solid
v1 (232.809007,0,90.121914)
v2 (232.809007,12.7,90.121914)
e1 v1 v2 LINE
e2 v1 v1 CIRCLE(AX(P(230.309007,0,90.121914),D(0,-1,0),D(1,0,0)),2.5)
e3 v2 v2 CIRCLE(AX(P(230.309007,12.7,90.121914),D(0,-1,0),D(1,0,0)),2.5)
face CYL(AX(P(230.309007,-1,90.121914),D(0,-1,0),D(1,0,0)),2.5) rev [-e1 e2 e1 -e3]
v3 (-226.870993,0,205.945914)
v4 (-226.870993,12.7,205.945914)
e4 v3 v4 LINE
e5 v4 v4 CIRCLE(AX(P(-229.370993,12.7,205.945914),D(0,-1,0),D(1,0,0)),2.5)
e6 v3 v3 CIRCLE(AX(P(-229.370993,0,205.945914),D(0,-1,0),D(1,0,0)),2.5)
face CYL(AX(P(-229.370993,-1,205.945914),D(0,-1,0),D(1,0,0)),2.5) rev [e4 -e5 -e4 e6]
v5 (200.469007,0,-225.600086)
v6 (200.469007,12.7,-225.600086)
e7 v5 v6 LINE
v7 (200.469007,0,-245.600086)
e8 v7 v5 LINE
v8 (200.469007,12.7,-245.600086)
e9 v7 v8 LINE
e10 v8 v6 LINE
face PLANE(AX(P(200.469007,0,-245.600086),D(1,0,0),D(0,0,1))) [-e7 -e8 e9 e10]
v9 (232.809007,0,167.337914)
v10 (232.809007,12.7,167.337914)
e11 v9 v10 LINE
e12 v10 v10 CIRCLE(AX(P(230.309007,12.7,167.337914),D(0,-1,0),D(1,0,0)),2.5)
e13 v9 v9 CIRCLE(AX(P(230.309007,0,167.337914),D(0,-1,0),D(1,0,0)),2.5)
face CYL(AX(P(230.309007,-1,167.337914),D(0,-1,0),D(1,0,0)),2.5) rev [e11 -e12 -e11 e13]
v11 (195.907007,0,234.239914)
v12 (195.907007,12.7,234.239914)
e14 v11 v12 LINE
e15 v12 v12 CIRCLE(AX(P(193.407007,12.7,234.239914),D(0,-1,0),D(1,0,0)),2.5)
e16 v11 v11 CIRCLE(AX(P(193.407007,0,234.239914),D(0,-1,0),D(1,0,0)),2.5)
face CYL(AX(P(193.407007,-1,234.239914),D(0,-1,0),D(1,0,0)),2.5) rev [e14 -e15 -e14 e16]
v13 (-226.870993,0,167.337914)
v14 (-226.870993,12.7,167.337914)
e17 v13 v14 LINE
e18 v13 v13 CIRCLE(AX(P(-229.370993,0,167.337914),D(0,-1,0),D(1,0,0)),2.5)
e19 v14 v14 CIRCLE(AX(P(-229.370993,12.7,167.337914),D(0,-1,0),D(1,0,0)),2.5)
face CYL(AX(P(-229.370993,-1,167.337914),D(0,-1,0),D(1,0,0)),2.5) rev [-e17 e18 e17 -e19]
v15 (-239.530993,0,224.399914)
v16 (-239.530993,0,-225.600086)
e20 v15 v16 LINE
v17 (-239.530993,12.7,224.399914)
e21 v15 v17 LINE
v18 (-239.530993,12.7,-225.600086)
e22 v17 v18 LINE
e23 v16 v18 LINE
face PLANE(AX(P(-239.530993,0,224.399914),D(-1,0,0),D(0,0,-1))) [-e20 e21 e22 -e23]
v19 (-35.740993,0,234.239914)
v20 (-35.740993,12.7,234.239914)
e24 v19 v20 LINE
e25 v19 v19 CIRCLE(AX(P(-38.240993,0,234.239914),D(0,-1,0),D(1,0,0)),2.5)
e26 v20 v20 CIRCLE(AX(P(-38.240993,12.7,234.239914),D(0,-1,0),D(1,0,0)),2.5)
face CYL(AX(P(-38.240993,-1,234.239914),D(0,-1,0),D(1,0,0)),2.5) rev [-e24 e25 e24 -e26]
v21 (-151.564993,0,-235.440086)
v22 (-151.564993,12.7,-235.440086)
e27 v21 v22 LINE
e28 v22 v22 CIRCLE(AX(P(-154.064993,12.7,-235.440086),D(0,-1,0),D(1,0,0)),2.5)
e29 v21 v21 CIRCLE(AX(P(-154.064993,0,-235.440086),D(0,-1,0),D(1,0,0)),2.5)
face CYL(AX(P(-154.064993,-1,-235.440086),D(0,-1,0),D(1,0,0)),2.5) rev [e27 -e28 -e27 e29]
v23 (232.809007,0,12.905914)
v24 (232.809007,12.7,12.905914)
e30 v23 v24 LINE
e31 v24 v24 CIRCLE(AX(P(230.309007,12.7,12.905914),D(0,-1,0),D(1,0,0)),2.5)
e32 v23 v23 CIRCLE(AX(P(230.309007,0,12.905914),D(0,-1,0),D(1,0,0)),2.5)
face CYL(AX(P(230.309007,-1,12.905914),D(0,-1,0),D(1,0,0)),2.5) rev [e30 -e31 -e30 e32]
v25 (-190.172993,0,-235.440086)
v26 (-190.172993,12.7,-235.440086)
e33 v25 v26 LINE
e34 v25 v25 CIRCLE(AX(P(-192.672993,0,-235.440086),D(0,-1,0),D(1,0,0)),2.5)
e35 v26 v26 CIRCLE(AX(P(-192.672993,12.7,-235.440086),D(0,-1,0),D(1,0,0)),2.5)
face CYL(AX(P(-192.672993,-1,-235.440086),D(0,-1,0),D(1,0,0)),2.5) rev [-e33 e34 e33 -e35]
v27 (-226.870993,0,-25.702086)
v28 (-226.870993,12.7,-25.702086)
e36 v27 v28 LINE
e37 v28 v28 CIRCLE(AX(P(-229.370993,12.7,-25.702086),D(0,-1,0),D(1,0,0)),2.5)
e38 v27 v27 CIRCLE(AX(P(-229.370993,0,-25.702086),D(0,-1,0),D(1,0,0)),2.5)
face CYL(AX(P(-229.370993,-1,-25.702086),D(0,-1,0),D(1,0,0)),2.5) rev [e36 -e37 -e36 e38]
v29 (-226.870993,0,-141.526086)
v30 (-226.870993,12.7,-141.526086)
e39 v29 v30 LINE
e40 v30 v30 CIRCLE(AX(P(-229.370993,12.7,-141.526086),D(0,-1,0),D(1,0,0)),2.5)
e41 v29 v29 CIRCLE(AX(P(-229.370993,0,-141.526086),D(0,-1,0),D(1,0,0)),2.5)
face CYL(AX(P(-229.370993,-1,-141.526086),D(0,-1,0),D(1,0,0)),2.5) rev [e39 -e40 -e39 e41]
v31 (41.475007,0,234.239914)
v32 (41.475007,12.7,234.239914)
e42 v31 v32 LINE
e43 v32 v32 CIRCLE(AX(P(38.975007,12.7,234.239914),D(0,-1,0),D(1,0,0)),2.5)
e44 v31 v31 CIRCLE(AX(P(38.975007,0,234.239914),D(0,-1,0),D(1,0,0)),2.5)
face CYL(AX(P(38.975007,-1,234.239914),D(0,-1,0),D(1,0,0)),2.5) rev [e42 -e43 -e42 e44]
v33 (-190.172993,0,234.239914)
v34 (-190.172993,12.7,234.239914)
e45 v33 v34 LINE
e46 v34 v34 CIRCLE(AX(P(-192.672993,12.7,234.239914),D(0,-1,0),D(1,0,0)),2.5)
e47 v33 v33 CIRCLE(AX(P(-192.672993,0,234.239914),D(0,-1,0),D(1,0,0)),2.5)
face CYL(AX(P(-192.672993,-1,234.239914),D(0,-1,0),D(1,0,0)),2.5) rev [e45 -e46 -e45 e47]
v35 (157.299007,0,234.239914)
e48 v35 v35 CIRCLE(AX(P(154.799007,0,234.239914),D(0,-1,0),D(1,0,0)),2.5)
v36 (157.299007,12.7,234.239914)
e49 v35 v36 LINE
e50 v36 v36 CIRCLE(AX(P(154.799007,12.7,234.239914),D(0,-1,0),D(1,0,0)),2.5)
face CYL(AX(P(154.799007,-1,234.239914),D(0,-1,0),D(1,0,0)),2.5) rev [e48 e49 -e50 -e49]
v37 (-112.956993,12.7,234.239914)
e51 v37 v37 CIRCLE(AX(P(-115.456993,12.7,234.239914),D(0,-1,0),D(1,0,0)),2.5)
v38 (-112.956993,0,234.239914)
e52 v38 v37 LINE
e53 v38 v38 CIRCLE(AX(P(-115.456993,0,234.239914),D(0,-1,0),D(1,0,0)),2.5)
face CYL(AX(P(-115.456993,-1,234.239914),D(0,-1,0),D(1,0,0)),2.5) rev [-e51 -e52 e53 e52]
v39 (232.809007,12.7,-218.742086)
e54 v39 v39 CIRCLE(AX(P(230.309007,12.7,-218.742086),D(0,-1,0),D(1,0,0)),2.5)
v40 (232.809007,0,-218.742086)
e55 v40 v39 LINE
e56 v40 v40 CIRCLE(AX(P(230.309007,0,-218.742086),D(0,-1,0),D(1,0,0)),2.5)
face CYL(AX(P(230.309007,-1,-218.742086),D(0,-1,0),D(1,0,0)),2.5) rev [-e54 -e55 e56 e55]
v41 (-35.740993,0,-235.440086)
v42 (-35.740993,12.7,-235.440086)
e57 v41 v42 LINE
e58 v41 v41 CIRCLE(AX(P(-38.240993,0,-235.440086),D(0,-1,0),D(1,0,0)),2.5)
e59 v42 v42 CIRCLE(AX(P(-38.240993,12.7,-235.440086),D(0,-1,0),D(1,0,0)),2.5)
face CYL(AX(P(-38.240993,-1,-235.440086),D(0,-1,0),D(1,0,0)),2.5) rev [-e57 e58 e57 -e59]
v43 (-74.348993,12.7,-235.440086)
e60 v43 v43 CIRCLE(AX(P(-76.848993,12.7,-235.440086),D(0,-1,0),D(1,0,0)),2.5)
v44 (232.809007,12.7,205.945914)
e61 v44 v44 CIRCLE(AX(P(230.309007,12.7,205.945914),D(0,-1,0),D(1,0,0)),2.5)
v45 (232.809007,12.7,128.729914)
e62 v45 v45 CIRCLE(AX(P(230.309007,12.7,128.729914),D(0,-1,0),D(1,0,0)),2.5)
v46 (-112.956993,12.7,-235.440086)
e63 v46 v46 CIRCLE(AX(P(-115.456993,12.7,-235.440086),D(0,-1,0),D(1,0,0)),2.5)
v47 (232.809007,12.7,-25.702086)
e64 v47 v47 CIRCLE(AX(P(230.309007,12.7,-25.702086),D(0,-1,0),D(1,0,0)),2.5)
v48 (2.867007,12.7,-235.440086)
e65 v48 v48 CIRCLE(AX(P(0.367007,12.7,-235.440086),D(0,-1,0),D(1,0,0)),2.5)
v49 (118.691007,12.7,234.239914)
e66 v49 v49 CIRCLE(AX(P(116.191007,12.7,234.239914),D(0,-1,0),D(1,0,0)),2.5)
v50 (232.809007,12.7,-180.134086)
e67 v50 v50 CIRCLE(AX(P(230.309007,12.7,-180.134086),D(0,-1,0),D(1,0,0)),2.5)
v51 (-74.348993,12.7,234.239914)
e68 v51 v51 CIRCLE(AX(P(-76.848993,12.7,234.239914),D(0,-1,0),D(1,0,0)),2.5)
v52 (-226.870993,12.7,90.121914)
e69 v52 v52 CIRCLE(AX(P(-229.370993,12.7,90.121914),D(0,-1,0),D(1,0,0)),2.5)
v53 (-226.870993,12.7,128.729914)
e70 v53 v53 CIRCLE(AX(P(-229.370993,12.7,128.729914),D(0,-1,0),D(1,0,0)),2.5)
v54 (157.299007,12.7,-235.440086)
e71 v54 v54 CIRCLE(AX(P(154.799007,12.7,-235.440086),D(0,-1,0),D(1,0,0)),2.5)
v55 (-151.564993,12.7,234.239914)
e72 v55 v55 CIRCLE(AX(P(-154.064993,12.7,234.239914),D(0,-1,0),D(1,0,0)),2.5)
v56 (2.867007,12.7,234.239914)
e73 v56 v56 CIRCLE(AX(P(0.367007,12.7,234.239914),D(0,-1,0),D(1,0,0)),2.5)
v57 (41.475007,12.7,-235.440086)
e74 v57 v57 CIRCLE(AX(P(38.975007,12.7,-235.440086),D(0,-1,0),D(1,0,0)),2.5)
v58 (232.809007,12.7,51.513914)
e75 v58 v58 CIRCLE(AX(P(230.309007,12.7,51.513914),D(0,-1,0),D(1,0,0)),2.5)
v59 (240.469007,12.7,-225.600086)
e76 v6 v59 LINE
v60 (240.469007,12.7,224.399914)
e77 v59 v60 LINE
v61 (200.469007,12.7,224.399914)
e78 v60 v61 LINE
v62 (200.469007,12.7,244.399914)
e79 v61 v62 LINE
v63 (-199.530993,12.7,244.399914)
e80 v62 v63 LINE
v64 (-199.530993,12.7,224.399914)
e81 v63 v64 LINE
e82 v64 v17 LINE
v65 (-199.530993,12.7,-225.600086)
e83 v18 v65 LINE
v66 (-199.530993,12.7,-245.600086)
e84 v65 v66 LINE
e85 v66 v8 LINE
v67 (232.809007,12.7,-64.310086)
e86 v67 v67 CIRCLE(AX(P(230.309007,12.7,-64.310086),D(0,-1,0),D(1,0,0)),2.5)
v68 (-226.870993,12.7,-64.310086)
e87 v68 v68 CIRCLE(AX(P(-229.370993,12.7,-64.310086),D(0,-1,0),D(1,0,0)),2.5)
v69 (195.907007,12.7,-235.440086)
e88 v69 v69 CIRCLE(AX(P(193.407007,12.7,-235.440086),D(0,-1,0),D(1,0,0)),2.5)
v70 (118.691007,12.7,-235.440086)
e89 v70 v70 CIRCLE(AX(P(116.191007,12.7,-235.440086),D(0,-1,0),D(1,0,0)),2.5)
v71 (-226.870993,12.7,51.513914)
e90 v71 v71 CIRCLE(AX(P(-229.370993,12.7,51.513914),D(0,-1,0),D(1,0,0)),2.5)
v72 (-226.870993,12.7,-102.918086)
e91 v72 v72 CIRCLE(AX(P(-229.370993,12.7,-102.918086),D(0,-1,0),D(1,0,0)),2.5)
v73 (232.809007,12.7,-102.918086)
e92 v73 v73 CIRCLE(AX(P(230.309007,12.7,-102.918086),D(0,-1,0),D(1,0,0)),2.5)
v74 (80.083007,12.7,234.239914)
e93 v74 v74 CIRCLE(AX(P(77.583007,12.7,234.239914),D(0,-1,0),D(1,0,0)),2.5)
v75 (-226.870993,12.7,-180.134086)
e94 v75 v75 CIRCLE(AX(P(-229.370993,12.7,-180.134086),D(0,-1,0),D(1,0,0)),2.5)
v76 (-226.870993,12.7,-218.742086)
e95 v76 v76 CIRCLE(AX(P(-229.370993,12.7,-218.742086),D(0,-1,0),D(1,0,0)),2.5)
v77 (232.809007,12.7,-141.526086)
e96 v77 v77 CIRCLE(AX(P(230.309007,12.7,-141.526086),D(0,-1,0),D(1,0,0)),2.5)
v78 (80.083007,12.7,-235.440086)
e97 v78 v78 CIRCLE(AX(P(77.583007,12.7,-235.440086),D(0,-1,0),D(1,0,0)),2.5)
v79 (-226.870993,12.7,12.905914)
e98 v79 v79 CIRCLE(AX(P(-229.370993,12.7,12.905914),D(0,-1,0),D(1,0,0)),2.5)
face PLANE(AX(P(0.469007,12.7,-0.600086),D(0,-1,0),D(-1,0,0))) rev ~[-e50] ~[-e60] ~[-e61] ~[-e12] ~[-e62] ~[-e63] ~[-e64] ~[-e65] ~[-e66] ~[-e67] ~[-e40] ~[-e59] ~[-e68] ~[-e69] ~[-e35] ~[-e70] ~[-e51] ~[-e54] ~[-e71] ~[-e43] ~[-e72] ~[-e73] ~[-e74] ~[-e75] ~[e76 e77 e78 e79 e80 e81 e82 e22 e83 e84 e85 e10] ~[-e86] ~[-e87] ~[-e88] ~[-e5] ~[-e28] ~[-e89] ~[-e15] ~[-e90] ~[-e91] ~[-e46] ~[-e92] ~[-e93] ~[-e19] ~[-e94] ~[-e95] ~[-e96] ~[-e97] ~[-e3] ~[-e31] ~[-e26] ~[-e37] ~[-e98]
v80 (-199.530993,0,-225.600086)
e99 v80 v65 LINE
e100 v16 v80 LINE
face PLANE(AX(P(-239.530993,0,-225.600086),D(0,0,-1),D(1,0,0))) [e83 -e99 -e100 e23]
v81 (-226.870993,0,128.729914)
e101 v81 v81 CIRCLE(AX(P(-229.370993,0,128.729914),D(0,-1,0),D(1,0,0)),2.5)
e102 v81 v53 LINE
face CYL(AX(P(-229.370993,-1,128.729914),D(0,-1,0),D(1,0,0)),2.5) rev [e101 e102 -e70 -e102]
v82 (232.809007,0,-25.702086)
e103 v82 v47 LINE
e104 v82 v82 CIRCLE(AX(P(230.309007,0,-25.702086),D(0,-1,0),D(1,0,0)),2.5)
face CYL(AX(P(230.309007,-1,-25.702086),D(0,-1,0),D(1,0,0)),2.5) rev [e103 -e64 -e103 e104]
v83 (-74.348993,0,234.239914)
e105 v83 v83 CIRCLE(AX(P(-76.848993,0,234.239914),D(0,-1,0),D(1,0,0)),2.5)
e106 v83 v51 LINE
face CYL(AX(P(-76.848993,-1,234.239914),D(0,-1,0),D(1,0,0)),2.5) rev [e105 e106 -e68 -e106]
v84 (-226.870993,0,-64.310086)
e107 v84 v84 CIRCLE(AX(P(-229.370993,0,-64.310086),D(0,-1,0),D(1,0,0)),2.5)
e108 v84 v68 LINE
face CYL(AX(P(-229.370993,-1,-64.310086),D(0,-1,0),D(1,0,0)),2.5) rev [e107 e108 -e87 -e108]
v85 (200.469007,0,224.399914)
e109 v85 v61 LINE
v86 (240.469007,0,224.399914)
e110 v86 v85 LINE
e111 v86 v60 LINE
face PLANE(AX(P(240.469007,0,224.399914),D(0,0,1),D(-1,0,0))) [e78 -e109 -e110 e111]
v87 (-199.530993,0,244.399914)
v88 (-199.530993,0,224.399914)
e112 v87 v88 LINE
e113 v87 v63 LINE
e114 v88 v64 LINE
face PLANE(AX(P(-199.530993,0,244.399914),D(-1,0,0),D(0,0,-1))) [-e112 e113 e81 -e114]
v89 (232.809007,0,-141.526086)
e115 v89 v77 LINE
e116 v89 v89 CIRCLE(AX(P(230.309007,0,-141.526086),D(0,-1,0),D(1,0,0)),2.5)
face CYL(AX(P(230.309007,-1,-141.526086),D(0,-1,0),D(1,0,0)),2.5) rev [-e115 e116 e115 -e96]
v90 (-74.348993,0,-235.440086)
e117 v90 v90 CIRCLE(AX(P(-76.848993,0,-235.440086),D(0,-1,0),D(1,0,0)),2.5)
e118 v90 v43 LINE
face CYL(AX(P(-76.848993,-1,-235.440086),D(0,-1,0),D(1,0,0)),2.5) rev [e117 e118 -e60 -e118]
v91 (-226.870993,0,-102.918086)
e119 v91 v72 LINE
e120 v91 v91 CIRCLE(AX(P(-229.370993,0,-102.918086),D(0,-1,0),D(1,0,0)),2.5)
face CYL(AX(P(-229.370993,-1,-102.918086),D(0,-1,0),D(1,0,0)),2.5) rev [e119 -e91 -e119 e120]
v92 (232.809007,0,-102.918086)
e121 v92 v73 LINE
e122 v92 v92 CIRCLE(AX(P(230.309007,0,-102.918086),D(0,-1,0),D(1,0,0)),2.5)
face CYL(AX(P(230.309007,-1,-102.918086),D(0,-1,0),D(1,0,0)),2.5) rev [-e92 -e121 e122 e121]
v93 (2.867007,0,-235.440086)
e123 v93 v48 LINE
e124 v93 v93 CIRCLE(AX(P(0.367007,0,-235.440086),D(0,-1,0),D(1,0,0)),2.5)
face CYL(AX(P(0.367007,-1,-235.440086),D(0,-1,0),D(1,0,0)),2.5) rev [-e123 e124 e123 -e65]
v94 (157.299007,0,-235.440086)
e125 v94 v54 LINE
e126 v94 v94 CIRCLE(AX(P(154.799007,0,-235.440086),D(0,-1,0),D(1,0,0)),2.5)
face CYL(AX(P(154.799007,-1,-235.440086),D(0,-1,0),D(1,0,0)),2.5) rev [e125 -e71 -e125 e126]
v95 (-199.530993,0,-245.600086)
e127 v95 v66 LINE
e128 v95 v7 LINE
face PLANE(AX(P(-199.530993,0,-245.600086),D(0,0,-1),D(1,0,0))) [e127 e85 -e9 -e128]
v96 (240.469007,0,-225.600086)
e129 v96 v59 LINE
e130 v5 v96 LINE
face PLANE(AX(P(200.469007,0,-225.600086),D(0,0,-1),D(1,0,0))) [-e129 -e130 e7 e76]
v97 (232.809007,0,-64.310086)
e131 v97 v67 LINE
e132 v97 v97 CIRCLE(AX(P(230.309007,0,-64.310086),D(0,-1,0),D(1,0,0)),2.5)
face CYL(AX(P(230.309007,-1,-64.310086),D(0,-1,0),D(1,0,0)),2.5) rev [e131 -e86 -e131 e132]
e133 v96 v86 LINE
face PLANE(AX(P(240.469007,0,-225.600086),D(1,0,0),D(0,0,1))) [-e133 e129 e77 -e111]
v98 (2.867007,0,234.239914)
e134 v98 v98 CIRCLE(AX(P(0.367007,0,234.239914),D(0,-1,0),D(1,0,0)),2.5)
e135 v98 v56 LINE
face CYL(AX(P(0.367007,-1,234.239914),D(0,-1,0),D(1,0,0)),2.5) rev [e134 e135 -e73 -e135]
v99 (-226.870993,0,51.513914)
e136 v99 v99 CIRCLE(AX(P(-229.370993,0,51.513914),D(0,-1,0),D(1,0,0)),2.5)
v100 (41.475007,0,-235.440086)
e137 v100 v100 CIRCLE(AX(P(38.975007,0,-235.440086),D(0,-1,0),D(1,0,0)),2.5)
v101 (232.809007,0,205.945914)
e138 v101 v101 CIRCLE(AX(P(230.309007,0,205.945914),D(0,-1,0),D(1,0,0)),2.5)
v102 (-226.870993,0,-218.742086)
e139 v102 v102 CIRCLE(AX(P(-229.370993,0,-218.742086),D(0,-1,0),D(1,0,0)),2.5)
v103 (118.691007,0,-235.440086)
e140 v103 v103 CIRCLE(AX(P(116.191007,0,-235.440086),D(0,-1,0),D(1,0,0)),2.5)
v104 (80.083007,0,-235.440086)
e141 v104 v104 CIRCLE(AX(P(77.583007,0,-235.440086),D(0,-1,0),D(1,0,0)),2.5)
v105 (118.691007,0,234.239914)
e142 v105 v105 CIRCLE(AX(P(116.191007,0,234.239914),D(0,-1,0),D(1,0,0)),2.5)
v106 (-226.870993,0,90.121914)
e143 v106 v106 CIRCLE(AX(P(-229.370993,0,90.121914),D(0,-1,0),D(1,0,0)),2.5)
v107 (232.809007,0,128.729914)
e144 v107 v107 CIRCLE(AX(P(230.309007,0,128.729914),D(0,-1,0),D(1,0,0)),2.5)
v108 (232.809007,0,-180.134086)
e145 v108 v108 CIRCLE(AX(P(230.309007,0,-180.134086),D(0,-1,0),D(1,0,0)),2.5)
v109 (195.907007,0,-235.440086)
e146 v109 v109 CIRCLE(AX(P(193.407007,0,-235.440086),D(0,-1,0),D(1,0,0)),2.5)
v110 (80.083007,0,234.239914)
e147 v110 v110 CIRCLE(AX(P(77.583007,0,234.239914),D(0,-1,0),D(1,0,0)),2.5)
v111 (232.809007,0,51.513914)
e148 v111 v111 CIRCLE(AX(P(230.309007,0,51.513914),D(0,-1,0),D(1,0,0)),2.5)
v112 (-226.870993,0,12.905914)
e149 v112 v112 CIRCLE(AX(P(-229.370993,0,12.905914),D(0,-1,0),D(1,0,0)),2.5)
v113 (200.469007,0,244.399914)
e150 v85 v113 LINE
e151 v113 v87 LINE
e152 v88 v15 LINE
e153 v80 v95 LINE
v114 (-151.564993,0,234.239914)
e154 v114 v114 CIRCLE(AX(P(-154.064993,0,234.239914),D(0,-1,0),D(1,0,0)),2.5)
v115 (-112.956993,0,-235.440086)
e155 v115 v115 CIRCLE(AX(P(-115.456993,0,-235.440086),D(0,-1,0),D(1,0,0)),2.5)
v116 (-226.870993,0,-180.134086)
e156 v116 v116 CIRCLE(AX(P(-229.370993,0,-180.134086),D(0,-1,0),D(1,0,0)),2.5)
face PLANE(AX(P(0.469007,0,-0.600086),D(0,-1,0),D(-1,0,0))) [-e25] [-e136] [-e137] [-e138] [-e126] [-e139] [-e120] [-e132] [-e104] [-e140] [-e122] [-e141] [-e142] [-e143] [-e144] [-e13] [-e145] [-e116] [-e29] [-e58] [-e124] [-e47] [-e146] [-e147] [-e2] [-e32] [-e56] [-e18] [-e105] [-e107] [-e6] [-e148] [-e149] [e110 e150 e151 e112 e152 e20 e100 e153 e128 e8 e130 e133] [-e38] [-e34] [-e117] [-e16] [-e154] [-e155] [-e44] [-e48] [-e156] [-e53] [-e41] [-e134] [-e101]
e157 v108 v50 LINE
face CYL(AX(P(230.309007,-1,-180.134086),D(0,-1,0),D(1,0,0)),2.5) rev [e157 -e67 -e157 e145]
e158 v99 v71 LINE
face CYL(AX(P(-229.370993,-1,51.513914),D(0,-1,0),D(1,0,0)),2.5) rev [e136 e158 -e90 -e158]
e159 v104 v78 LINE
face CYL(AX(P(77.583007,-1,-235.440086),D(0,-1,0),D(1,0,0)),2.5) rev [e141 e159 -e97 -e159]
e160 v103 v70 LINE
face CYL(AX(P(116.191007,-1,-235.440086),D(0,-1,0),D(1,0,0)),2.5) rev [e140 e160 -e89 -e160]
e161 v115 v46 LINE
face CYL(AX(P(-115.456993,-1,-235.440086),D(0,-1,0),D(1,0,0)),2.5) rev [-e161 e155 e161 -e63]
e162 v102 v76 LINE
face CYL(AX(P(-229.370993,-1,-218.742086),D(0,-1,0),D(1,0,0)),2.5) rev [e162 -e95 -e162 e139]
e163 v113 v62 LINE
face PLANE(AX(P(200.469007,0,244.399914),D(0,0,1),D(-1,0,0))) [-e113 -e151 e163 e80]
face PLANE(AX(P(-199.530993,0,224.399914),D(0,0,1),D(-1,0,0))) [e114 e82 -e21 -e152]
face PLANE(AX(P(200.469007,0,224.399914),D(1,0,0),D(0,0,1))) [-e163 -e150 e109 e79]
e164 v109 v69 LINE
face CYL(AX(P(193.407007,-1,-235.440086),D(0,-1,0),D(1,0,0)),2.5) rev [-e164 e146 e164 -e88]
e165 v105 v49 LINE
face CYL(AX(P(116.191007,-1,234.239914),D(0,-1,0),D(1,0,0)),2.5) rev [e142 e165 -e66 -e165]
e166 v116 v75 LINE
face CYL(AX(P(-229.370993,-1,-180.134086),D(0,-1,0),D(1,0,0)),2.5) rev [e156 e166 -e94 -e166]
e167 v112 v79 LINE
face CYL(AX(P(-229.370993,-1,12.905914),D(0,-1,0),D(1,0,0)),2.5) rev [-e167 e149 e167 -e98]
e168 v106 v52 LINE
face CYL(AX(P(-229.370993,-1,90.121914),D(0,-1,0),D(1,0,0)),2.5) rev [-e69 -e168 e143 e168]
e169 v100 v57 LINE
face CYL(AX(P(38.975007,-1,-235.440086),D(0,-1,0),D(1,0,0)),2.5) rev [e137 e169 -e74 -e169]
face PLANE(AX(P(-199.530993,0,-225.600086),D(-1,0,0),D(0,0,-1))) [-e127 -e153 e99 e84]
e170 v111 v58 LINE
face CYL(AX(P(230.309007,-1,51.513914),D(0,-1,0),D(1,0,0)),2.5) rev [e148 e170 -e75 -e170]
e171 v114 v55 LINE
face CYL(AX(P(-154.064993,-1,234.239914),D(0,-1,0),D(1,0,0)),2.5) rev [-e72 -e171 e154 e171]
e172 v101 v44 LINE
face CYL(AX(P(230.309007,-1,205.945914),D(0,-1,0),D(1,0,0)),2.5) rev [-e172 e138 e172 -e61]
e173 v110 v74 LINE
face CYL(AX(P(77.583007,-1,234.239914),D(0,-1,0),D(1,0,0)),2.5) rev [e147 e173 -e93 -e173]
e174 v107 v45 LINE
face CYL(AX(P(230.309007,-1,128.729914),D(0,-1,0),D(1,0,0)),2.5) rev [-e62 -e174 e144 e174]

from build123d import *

# Parameters (mm, degrees)
BOSS_EXTRUDE1_DEPTH = 12.7
CUT_EXTRUDE1_START  = -13.7
SKETCH2_R           = 2.5
CUT_EXTRUDE1_DEPTH  = 14.7
LPATTERN1_COUNT     = 11
LPATTERN1_PITCH     = 38.608
CUT_EXTRUDE2_START  = -13.7
SKETCH3_R           = 2.5
CUT_EXTRUDE2_DEPTH  = 14.7
LPATTERN2_COUNT     = 11
LPATTERN2_PITCH     = 38.608
CUT_EXTRUDE3_START  = -13.7
SKETCH4_R           = 2.5
CUT_EXTRUDE3_DEPTH  = 14.7
LPATTERN3_COUNT     = 12
LPATTERN3_PITCH     = 38.608
CUT_EXTRUDE4_START  = -13.7
SKETCH5_R           = 2.5
CUT_EXTRUDE4_DEPTH  = 14.7
LPATTERN4_COUNT     = 12
LPATTERN4_PITCH     = 38.608


with BuildPart() as part:
    # Sketch1 → Boss-Extrude1 (new body)
    with BuildSketch(Plane(origin=(0, 0, 0), x_dir=(1, 0, 0), z_dir=(0, 1, 0))):
        Polygon((-199.53099264, 245.600086338), (200.46900736, 245.600086338), (200.46900736, 225.600086338), (240.46900736, 225.600086338), (240.46900736, -224.399913662), (200.46900736, -224.399913662), (200.46900736, -244.399913662), (-199.53099264, -244.399913662), (-199.53099264, -224.399913662), (-239.53099264, -224.399913662), (-239.53099264, 225.600086338), (-199.53099264, 225.600086338), align=None)
    extrude(amount=BOSS_EXTRUDE1_DEPTH)

    # Sketch2 → Cut-Extrude1 (cut)
    with BuildSketch(Plane(origin=(0, 12.7, 0), x_dir=(1, 0, 0), z_dir=(0, 1, 0)).offset(CUT_EXTRUDE1_START)):
        with Locations((-192.67299264, 235.440086338)):
            Circle(SKETCH2_R)
    cut_extrude1 = extrude(amount=CUT_EXTRUDE1_DEPTH, mode=Mode.SUBTRACT)

    # LPattern1: Cut-Extrude1 ×11
    with Locations(*[(i * LPATTERN1_PITCH, 0, 0) for i in range(1, LPATTERN1_COUNT)]):
        add(cut_extrude1, mode=Mode.SUBTRACT)

    # Sketch3 → Cut-Extrude2 (cut)
    with BuildSketch(Plane(origin=(0, 12.7, 0), x_dir=(1, 0, 0), z_dir=(0, 1, 0)).offset(CUT_EXTRUDE2_START)):
        with Locations((-192.67299264, -234.239913662)):
            Circle(SKETCH3_R)
    cut_extrude2 = extrude(amount=CUT_EXTRUDE2_DEPTH, mode=Mode.SUBTRACT)

    # LPattern2: Cut-Extrude2 ×11
    with Locations(*[(i * LPATTERN2_PITCH, 0, 0) for i in range(1, LPATTERN2_COUNT)]):
        add(cut_extrude2, mode=Mode.SUBTRACT)

    # Sketch4 → Cut-Extrude3 (cut)
    with BuildSketch(Plane(origin=(0, 12.7, 0), x_dir=(1, 0, 0), z_dir=(0, 1, 0)).offset(CUT_EXTRUDE3_START)):
        with Locations((230.30900736, 218.742086338)):
            Circle(SKETCH4_R)
    cut_extrude3 = extrude(amount=CUT_EXTRUDE3_DEPTH, mode=Mode.SUBTRACT)

    # LPattern3: Cut-Extrude3 ×12
    with Locations(*[(0, 0, i * LPATTERN3_PITCH) for i in range(1, LPATTERN3_COUNT)]):
        add(cut_extrude3, mode=Mode.SUBTRACT)

    # Sketch5 → Cut-Extrude4 (cut)
    with BuildSketch(Plane(origin=(0, 12.7, 0), x_dir=(1, 0, 0), z_dir=(0, 1, 0)).offset(CUT_EXTRUDE4_START)):
        with Locations((-229.37099264, 218.742086338)):
            Circle(SKETCH5_R)
    cut_extrude4 = extrude(amount=CUT_EXTRUDE4_DEPTH, mode=Mode.SUBTRACT)

    # LPattern4: Cut-Extrude4 ×12
    with Locations(*[(0, 0, i * LPATTERN4_PITCH) for i in range(1, LPATTERN4_COUNT)]):
        add(cut_extrude4, mode=Mode.SUBTRACT)


solid = part.part
